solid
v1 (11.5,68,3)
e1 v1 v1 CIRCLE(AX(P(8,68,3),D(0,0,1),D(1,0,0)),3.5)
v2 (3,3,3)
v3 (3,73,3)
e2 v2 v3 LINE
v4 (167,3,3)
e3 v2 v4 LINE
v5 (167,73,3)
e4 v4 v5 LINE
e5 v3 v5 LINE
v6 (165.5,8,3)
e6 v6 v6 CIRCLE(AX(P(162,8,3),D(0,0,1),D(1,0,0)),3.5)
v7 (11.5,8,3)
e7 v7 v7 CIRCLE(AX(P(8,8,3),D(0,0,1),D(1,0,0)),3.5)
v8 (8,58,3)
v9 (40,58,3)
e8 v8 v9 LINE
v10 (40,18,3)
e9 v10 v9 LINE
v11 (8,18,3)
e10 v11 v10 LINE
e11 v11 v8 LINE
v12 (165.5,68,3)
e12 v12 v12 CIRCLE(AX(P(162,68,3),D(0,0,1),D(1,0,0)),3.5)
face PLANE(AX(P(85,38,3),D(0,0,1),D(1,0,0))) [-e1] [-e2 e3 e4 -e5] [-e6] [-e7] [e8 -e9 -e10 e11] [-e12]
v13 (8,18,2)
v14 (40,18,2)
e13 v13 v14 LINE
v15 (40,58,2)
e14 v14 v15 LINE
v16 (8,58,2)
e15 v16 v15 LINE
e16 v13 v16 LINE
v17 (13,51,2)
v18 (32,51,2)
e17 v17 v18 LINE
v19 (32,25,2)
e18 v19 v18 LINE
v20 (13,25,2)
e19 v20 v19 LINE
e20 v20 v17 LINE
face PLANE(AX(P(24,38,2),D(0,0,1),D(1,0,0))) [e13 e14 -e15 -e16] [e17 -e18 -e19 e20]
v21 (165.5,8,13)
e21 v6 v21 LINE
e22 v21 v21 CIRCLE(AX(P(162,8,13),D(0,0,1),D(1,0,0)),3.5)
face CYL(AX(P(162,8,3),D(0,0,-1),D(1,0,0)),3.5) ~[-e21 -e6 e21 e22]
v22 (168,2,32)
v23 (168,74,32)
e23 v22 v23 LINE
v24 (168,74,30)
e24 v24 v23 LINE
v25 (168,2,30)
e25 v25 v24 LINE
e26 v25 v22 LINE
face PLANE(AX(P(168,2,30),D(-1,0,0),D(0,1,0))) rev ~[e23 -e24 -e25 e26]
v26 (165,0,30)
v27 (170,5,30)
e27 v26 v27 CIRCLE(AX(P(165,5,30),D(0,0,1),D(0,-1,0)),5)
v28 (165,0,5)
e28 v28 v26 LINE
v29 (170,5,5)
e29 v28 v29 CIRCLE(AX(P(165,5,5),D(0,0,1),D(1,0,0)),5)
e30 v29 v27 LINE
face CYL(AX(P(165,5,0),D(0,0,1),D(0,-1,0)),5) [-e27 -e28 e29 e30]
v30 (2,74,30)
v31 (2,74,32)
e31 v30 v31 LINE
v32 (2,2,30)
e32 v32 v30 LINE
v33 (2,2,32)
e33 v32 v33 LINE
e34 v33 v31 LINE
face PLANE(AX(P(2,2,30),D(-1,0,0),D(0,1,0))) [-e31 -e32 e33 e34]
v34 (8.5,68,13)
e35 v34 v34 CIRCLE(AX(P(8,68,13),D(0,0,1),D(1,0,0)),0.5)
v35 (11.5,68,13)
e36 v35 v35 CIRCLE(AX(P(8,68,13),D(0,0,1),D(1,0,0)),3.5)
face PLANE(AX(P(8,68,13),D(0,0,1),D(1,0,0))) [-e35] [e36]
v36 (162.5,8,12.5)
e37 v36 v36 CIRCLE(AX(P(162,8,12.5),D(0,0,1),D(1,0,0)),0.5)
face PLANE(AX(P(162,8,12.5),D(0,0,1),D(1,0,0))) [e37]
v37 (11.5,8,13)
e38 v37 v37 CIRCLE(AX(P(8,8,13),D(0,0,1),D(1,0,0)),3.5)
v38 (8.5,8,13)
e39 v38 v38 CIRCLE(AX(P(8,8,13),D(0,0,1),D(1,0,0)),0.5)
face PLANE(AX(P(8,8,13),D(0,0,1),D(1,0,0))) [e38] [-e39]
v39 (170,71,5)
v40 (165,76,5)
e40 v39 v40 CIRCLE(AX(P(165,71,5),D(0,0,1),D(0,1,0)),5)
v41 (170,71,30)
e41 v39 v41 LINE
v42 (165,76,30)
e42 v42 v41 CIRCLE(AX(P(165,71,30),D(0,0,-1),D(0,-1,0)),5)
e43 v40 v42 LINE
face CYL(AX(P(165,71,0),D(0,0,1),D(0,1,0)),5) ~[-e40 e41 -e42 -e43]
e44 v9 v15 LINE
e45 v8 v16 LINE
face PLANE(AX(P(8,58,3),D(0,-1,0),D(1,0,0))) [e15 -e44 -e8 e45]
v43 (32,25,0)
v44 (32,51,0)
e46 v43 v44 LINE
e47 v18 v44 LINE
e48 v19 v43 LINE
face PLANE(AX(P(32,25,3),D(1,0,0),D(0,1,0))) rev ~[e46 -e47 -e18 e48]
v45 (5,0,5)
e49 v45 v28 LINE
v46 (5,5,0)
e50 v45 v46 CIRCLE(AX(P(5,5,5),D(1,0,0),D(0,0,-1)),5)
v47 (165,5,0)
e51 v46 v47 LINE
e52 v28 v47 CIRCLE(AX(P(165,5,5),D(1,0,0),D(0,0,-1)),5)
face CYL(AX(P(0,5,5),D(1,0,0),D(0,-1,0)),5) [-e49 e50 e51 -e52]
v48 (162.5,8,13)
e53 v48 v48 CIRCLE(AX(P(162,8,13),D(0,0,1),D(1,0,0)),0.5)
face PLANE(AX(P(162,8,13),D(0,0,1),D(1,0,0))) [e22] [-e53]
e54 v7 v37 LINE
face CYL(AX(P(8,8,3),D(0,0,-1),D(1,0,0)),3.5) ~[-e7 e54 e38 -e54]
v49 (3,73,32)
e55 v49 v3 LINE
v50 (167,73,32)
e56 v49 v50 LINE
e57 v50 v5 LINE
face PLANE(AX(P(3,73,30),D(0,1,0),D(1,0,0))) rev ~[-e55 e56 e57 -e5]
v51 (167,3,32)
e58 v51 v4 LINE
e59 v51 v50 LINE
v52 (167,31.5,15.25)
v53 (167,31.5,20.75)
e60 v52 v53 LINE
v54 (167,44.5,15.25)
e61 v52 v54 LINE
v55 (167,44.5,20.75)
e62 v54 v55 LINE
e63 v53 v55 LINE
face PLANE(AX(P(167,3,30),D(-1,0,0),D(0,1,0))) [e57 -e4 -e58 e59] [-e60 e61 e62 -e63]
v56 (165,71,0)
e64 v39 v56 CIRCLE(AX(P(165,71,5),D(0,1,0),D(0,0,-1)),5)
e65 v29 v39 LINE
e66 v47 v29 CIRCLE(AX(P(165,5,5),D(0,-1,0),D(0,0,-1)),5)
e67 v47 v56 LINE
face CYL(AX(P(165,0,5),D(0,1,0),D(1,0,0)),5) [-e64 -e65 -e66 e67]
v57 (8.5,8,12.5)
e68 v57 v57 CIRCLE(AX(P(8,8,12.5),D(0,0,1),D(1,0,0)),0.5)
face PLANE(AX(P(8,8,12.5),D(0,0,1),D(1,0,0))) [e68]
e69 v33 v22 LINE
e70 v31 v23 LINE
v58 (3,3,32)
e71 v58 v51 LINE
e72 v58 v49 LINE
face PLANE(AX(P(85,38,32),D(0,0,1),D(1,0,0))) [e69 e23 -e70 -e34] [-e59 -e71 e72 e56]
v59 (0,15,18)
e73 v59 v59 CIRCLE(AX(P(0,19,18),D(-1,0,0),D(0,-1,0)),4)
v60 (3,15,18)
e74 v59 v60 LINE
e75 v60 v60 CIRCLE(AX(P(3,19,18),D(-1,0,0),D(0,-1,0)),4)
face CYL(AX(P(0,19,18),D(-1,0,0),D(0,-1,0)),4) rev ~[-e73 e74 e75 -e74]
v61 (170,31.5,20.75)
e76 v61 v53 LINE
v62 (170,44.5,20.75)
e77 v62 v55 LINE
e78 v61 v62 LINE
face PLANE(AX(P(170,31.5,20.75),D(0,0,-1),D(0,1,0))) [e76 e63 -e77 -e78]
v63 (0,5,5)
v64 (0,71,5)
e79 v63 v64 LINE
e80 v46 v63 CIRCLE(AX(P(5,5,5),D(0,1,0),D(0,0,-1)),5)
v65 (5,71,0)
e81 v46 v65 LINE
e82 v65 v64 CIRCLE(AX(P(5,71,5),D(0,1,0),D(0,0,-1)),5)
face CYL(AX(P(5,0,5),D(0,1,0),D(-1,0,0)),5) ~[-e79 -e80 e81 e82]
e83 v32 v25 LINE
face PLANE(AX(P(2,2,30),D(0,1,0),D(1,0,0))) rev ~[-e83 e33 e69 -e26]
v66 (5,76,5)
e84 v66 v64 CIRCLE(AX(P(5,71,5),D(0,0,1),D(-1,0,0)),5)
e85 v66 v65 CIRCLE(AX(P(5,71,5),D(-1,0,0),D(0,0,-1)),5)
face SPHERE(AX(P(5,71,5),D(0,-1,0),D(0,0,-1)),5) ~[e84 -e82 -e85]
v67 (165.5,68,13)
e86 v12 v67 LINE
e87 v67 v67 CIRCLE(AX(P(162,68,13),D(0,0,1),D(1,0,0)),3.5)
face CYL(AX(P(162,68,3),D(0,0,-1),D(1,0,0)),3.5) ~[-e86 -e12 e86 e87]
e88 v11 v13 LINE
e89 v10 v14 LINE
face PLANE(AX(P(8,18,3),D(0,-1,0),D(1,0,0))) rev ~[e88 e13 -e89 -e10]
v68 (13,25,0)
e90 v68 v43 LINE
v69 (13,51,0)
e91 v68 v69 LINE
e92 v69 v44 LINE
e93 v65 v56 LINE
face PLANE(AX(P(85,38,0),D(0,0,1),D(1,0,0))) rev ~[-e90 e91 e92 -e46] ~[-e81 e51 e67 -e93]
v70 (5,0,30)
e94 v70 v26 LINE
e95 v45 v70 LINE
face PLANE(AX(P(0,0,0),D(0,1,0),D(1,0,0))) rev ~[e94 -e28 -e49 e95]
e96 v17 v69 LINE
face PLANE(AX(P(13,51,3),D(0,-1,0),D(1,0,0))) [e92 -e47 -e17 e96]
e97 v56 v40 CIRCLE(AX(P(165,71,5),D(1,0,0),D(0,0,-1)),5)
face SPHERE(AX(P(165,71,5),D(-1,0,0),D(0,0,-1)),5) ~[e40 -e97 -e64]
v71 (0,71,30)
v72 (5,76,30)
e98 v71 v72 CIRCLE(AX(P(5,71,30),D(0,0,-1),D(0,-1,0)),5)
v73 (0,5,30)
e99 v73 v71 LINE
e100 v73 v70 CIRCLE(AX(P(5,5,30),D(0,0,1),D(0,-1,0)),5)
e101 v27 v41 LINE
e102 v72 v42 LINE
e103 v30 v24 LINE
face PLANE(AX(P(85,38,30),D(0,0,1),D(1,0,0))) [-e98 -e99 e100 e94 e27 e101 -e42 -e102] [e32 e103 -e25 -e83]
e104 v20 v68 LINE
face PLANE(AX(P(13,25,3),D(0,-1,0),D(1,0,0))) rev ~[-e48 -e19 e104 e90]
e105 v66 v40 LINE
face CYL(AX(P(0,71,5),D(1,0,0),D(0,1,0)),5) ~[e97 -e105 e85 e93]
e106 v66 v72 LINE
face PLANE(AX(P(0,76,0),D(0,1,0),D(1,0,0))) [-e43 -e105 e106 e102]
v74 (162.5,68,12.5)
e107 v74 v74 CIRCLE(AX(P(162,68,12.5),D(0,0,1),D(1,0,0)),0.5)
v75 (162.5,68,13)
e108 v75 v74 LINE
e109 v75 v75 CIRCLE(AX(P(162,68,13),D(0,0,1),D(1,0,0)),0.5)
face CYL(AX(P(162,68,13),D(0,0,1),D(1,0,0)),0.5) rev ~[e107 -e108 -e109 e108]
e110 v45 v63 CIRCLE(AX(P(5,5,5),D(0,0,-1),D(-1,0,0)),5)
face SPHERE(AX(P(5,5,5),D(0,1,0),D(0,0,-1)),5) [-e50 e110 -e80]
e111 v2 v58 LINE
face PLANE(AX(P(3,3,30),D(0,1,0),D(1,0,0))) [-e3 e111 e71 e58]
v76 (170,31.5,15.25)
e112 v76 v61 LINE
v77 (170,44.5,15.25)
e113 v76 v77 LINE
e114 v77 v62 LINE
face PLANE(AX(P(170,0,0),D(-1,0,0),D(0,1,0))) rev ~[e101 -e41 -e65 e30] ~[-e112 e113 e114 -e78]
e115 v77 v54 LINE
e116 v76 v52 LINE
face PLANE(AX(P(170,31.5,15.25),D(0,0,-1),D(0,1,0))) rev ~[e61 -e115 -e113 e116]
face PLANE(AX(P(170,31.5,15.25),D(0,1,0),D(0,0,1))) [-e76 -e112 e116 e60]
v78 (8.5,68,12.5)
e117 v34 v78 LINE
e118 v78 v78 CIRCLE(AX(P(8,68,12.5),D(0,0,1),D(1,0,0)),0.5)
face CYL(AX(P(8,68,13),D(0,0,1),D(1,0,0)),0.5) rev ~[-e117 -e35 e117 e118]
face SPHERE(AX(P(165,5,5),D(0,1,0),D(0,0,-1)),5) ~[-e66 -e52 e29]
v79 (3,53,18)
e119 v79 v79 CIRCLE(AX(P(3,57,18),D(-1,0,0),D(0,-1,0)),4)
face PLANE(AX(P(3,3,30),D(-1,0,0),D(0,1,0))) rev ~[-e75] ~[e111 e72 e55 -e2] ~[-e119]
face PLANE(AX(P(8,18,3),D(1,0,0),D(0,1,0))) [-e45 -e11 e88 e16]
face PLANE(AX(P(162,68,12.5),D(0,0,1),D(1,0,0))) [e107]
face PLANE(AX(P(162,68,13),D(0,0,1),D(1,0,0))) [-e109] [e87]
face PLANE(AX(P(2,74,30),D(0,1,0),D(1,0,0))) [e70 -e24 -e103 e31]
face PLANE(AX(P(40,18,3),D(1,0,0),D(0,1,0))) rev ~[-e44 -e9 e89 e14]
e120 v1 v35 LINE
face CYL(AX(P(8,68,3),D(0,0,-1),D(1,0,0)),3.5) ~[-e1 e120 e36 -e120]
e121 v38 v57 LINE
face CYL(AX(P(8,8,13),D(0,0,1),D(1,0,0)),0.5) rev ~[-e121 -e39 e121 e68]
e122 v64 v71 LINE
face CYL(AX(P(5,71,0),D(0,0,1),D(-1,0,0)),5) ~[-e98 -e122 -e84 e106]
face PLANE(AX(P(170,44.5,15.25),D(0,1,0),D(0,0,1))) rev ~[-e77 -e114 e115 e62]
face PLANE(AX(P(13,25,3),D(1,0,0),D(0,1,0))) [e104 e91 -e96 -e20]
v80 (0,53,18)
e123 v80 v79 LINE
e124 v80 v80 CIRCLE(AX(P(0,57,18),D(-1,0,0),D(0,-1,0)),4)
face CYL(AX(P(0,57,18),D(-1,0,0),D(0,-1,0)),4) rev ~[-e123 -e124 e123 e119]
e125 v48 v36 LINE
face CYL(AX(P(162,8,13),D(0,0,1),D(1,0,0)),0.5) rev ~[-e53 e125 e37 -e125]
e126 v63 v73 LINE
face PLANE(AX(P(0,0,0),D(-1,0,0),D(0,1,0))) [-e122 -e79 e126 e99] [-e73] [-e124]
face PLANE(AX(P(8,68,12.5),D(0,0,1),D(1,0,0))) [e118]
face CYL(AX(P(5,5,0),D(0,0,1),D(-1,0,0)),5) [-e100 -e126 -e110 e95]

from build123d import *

# Parameters (mm, degrees)
F0_W      = 170
F0_H      = 76
F1_DEPTH  = 30
F2_W      = 164
F2_H      = 70
F3_DEPTH  = 27
F6_W      = 166
F6_H      = 72
F6_W_2    = 164
F6_H_2    = 70
F7_DEPTH  = 2
F5_R      = 4
F9_DEPTH  = 3
F8_R      = 3.5
F10_DEPTH = 10
F11_R     = 0.5
F12_DEPTH = 0.5
F13_W     = 13
F13_H     = 5.5
F14_DEPTH = 3
F15_R     = 5
F16_W     = 19
F16_H     = 26
F17_DEPTH = 25
F18_W     = 32
F18_H     = 40
F18_W_2   = 19
F18_H_2   = 26
F19_DEPTH = 1


with BuildPart() as f1:
    # F0 (on Top) → F1 (new body)
    with BuildSketch(Plane.XY):
        with Locations((85, 38)):
            Rectangle(F0_W, F0_H)
    extrude(amount=F1_DEPTH)

    # F2 (on face) → F3 (cut)
    with BuildSketch(Plane.XY.offset(30)):
        with Locations((85, 38)):
            Rectangle(F2_W, F2_H)
    extrude(amount=-F3_DEPTH, mode=Mode.SUBTRACT)

    # F6 (on face) → F7 (join)
    with BuildSketch(Plane.XY.offset(30)):
        with Locations((85, 38)):
            Rectangle(F6_W, F6_H)
        with Locations((85, 38)):
            Rectangle(F6_W_2, F6_H_2, mode=Mode.SUBTRACT)
    extrude(amount=F7_DEPTH)

    # F5 (on face) → F9 (cut, through all)
    with BuildSketch(Plane(origin=(0, 0, 0), x_dir=(0, -1, 0), z_dir=(-1, 0, 0))):
        with Locations((-57, 18)):
            Circle(F5_R)
        with Locations((-19, 18)):
            Circle(F5_R)
    extrude(amount=-F9_DEPTH, mode=Mode.SUBTRACT)

    # F8 (on face) → F10 (join)
    with BuildSketch(Plane.XY.offset(3)):
        with Locations((8, 68)):
            Circle(F8_R)
        with Locations((8, 8)):
            Circle(F8_R)
        with Locations((162, 8)):
            Circle(F8_R)
        with Locations((162, 68)):
            Circle(F8_R)
    extrude(amount=F10_DEPTH)

    # F11 (on face) → F12 (cut)
    with BuildSketch(Plane.XY.offset(13)):
        with Locations((162, 8)):
            Circle(F11_R)
        with Locations((8, 8)):
            Circle(F11_R)
        with Locations((8, 68)):
            Circle(F11_R)
        with Locations((162, 68)):
            Circle(F11_R)
    extrude(amount=-F12_DEPTH, mode=Mode.SUBTRACT)

    # F13 (on face) → F14 (cut, through all)
    with BuildSketch(Plane.YZ.offset(170)):
        with Locations((38, 18)):
            Rectangle(F13_W, F13_H)
    extrude(amount=-F14_DEPTH, mode=Mode.SUBTRACT)

    # F15
    f15_edges = [f1.edges().sort_by_distance(p)[0] for p in [
        (0, 38, 0),
        (85, 76, 0),
        (170, 38, 0),
        (85, 0, 0),
        (170, 76, 15),
        (170, 0, 15),
        (0, 76, 15),
        (0, 0, 15),
    ]]
    fillet(f15_edges, radius=F15_R)

    # F16 (on face) → F17 (cut)
    with BuildSketch(Plane.XY.offset(3)):
        with Locations((22.5, 38)):
            Rectangle(F16_W, F16_H)
    extrude(amount=-F17_DEPTH, mode=Mode.SUBTRACT)

    # F18 (on face) → F19 (cut)
    with BuildSketch(Plane.XY.offset(3)):
        with Locations((24, 38)):
            Rectangle(F18_W, F18_H)
        with Locations((22.5, 38)):
            Rectangle(F18_W_2, F18_H_2, mode=Mode.SUBTRACT)
    extrude(amount=-F19_DEPTH, mode=Mode.SUBTRACT)


solid = f1.part
